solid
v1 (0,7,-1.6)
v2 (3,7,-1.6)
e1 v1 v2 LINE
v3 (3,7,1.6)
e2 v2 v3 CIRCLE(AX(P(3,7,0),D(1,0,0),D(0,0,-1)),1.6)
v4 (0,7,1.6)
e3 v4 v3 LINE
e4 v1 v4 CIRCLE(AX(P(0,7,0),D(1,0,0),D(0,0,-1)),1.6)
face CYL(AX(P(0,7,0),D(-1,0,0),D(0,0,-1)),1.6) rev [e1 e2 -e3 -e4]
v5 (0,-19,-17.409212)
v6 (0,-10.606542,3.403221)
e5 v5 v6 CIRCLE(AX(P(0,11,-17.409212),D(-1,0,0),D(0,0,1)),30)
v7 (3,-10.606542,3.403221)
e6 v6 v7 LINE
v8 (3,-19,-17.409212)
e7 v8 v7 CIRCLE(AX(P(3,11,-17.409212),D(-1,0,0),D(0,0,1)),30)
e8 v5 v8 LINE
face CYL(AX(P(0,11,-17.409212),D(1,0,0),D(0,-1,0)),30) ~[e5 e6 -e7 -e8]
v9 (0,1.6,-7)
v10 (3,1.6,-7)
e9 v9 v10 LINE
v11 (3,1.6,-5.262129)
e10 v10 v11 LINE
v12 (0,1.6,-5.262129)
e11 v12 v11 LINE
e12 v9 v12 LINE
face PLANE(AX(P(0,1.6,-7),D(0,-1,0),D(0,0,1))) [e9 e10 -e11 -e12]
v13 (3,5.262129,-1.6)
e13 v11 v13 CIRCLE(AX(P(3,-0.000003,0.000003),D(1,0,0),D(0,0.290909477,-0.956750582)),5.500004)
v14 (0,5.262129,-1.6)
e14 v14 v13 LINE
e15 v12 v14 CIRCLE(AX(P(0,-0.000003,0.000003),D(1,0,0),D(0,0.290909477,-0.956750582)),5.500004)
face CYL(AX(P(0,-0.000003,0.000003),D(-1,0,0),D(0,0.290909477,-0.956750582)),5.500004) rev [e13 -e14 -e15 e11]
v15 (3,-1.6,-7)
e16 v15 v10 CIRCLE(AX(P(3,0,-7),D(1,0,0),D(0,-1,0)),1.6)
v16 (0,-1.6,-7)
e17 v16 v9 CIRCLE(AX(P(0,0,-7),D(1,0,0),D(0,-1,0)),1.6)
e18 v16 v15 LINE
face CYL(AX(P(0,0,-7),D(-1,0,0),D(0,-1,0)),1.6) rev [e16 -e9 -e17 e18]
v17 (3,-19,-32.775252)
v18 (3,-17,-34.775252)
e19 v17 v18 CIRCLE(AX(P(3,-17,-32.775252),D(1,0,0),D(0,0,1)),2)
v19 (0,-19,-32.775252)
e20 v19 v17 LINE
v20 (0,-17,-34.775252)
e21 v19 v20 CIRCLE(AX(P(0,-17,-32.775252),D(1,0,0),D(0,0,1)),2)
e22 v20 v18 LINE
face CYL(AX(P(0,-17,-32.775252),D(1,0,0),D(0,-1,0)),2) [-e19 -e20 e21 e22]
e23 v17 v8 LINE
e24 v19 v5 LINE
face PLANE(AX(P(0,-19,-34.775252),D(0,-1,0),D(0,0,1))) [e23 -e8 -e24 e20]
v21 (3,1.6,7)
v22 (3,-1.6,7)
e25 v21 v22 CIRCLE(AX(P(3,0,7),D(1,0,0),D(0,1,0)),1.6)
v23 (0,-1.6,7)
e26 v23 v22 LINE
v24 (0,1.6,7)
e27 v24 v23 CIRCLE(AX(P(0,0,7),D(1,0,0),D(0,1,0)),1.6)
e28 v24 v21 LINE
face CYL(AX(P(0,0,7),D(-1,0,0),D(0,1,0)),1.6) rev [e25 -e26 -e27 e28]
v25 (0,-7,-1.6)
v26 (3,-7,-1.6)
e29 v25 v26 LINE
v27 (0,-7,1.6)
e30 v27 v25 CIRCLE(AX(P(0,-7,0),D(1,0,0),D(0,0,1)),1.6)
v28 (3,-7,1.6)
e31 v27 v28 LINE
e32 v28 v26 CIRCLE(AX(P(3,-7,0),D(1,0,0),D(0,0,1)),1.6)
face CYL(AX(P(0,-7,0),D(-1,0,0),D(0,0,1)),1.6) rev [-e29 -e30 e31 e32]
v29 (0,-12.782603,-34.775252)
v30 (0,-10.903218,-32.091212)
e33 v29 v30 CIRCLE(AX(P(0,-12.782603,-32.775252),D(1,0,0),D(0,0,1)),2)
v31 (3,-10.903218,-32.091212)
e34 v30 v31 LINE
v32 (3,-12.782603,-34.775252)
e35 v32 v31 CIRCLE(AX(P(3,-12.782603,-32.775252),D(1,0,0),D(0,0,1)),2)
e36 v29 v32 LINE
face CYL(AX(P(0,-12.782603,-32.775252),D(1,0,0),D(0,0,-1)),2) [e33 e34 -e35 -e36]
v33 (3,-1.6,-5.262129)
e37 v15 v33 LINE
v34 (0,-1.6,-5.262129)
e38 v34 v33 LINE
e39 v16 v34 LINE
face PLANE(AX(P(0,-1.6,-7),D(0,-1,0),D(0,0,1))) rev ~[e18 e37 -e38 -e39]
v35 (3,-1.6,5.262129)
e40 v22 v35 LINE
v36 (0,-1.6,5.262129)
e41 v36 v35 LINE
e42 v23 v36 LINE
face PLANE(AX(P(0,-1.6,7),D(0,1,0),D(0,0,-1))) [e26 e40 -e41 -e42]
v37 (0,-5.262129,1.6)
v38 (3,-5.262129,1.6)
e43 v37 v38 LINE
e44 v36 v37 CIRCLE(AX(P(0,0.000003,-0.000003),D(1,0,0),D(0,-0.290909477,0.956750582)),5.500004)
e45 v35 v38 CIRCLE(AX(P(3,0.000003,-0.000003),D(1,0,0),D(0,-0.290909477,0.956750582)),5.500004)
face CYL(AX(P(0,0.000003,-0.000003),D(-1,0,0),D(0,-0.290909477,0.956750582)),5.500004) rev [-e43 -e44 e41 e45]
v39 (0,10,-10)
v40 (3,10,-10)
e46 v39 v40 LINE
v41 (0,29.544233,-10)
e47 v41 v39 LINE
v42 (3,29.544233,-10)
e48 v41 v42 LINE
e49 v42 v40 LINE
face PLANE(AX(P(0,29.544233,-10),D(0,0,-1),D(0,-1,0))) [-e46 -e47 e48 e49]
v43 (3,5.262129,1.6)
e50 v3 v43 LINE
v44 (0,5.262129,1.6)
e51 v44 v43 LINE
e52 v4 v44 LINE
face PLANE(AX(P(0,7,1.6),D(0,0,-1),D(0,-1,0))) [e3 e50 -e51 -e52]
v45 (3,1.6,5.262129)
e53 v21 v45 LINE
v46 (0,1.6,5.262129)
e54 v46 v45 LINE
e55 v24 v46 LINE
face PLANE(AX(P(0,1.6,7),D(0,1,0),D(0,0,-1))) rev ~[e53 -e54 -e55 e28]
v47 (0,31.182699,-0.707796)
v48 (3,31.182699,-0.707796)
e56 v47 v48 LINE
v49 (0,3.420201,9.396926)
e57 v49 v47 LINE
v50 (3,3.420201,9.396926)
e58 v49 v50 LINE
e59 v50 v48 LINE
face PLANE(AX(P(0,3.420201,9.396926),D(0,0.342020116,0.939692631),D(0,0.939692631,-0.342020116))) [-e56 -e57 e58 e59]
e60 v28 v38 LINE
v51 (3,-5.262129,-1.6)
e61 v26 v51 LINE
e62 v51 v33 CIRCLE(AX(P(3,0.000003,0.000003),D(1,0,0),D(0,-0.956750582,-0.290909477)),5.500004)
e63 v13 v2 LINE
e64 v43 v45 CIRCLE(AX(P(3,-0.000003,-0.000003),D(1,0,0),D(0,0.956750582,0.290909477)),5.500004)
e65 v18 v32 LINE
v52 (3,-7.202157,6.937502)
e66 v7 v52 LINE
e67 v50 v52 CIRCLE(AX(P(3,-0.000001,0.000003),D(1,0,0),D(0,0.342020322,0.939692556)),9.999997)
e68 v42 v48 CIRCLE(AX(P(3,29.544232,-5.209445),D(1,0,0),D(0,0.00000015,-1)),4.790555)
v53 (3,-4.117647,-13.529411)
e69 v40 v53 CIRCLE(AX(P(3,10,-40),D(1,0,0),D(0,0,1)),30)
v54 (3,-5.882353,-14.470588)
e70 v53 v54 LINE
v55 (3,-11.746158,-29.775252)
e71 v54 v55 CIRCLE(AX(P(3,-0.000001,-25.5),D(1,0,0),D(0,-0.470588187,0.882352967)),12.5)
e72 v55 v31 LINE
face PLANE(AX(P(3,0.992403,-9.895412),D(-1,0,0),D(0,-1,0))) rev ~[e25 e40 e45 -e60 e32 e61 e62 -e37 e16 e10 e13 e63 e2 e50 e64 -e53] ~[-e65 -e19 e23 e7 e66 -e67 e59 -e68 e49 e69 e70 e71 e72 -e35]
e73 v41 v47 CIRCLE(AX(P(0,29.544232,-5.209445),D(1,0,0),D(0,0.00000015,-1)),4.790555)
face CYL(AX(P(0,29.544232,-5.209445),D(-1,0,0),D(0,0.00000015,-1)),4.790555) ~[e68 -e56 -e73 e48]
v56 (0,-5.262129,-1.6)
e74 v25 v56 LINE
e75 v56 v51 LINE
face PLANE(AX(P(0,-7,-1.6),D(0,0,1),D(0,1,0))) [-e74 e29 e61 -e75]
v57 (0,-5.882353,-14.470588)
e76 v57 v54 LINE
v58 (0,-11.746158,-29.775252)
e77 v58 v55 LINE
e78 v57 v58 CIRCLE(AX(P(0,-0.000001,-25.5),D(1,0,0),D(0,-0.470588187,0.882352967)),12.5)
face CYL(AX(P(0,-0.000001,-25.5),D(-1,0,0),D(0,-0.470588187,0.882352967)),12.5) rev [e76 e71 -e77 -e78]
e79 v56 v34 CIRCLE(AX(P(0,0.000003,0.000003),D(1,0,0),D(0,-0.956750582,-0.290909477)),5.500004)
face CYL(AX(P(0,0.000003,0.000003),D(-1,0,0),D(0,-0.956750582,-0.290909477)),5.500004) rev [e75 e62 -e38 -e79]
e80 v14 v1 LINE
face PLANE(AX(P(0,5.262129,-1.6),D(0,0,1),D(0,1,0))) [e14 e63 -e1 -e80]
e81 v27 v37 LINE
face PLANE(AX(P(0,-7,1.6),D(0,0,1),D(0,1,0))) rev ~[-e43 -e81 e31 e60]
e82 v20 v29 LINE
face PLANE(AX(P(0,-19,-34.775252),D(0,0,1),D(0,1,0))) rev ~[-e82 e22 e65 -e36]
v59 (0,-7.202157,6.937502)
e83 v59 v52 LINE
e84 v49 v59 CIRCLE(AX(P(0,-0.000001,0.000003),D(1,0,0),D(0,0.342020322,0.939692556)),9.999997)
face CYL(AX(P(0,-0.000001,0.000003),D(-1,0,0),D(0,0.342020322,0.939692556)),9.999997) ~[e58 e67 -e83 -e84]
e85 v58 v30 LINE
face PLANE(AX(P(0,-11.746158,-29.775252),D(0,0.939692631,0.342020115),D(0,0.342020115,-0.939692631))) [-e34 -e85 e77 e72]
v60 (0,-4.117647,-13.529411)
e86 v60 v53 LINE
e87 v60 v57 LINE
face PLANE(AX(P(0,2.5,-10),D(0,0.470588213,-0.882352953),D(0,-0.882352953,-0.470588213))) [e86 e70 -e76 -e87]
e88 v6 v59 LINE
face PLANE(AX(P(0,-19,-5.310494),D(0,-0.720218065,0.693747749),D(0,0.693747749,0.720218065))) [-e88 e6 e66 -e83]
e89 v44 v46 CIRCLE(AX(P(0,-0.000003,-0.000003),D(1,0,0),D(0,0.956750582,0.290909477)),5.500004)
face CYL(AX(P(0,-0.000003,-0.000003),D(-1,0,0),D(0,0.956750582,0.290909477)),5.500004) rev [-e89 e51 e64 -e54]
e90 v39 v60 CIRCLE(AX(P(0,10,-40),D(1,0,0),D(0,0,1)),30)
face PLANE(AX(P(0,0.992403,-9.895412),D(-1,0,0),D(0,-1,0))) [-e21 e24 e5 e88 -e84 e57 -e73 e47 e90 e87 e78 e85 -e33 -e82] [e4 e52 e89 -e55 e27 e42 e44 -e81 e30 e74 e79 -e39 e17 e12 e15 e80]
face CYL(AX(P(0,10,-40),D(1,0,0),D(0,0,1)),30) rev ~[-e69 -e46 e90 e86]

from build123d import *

# Parameters (mm, degrees)
PAD054_DEPTH = 3
FILLET009_R  = 2
FILLET010_R  = 30


with BuildPart() as part:
    # Sketch105 → Pad054 (new body)
    with BuildSketch(Plane.YZ):
        with BuildLine():
            Line((-19, -34.775252), (-19, -5.310494))
            Line((-19, -5.310494), (-7.202157, 6.937502))
            ThreePointArc((3.420201, 9.396926), (-2.255657, 9.74228), (-7.202157, 6.937502))
            Line((3.420201, 9.396926), (31.182699, -0.707796))
            ThreePointArc((29.544233, -10), (34.262008, -6.041316), (31.182699, -0.707796))
            Line((29.544233, -10), (2.5, -10))
            Line((2.5, -10), (-5.882353, -14.470588))
            ThreePointArc((-5.882353, -14.470588), (-11.672587, -21.027783), (-11.746158, -29.775252))
            Line((-11.746158, -29.775252), (-9.926307, -34.775252))
            Line((-19, -34.775252), (-9.926307, -34.775252))
        make_face()
        with BuildLine():
            ThreePointArc((-7, 1.6), (-8.6, 0), (-7, -1.6))
            Line((-7, -1.6), (-5.262129, -1.6))
            ThreePointArc((-5.262129, -1.6), (-3.889087, -3.889087), (-1.6, -5.262129))
            Line((-1.6, -7), (-1.6, -5.262129))
            ThreePointArc((-1.6, -7), (0, -8.6), (1.6, -7))
            Line((1.6, -7), (1.6, -5.262129))
            ThreePointArc((1.6, -5.262129), (3.889087, -3.889087), (5.262129, -1.6))
            Line((5.262129, -1.6), (7, -1.6))
            ThreePointArc((7, -1.6), (8.6, 0), (7, 1.6))
            Line((7, 1.6), (5.262129, 1.6))
            ThreePointArc((5.262129, 1.6), (3.889087, 3.889087), (1.6, 5.262129))
            Line((1.6, 7), (1.6, 5.262129))
            ThreePointArc((1.6, 7), (0, 8.6), (-1.6, 7))
            Line((-1.6, 7), (-1.6, 5.262129))
            ThreePointArc((-1.6, 5.262129), (-3.889087, 3.889087), (-5.262129, 1.6))
            Line((-7, 1.6), (-5.262129, 1.6))
        make_face(mode=Mode.SUBTRACT)
    extrude(amount=PAD054_DEPTH)

    # Fillet009
    fillet009_edges = [part.edges().sort_by_distance(p)[0] for p in [
        (1.5, -9.926307, -34.775252),
        (1.5, -19, -34.775252),
    ]]
    fillet(fillet009_edges, radius=FILLET009_R)

    # Fillet010
    fillet010_edges = [part.edges().sort_by_distance(p)[0] for p in [
        (1.5, -19, -5.310494),
        (1.5, 2.5, -10),
    ]]
    fillet(fillet010_edges, radius=FILLET010_R)


solid = part.part
